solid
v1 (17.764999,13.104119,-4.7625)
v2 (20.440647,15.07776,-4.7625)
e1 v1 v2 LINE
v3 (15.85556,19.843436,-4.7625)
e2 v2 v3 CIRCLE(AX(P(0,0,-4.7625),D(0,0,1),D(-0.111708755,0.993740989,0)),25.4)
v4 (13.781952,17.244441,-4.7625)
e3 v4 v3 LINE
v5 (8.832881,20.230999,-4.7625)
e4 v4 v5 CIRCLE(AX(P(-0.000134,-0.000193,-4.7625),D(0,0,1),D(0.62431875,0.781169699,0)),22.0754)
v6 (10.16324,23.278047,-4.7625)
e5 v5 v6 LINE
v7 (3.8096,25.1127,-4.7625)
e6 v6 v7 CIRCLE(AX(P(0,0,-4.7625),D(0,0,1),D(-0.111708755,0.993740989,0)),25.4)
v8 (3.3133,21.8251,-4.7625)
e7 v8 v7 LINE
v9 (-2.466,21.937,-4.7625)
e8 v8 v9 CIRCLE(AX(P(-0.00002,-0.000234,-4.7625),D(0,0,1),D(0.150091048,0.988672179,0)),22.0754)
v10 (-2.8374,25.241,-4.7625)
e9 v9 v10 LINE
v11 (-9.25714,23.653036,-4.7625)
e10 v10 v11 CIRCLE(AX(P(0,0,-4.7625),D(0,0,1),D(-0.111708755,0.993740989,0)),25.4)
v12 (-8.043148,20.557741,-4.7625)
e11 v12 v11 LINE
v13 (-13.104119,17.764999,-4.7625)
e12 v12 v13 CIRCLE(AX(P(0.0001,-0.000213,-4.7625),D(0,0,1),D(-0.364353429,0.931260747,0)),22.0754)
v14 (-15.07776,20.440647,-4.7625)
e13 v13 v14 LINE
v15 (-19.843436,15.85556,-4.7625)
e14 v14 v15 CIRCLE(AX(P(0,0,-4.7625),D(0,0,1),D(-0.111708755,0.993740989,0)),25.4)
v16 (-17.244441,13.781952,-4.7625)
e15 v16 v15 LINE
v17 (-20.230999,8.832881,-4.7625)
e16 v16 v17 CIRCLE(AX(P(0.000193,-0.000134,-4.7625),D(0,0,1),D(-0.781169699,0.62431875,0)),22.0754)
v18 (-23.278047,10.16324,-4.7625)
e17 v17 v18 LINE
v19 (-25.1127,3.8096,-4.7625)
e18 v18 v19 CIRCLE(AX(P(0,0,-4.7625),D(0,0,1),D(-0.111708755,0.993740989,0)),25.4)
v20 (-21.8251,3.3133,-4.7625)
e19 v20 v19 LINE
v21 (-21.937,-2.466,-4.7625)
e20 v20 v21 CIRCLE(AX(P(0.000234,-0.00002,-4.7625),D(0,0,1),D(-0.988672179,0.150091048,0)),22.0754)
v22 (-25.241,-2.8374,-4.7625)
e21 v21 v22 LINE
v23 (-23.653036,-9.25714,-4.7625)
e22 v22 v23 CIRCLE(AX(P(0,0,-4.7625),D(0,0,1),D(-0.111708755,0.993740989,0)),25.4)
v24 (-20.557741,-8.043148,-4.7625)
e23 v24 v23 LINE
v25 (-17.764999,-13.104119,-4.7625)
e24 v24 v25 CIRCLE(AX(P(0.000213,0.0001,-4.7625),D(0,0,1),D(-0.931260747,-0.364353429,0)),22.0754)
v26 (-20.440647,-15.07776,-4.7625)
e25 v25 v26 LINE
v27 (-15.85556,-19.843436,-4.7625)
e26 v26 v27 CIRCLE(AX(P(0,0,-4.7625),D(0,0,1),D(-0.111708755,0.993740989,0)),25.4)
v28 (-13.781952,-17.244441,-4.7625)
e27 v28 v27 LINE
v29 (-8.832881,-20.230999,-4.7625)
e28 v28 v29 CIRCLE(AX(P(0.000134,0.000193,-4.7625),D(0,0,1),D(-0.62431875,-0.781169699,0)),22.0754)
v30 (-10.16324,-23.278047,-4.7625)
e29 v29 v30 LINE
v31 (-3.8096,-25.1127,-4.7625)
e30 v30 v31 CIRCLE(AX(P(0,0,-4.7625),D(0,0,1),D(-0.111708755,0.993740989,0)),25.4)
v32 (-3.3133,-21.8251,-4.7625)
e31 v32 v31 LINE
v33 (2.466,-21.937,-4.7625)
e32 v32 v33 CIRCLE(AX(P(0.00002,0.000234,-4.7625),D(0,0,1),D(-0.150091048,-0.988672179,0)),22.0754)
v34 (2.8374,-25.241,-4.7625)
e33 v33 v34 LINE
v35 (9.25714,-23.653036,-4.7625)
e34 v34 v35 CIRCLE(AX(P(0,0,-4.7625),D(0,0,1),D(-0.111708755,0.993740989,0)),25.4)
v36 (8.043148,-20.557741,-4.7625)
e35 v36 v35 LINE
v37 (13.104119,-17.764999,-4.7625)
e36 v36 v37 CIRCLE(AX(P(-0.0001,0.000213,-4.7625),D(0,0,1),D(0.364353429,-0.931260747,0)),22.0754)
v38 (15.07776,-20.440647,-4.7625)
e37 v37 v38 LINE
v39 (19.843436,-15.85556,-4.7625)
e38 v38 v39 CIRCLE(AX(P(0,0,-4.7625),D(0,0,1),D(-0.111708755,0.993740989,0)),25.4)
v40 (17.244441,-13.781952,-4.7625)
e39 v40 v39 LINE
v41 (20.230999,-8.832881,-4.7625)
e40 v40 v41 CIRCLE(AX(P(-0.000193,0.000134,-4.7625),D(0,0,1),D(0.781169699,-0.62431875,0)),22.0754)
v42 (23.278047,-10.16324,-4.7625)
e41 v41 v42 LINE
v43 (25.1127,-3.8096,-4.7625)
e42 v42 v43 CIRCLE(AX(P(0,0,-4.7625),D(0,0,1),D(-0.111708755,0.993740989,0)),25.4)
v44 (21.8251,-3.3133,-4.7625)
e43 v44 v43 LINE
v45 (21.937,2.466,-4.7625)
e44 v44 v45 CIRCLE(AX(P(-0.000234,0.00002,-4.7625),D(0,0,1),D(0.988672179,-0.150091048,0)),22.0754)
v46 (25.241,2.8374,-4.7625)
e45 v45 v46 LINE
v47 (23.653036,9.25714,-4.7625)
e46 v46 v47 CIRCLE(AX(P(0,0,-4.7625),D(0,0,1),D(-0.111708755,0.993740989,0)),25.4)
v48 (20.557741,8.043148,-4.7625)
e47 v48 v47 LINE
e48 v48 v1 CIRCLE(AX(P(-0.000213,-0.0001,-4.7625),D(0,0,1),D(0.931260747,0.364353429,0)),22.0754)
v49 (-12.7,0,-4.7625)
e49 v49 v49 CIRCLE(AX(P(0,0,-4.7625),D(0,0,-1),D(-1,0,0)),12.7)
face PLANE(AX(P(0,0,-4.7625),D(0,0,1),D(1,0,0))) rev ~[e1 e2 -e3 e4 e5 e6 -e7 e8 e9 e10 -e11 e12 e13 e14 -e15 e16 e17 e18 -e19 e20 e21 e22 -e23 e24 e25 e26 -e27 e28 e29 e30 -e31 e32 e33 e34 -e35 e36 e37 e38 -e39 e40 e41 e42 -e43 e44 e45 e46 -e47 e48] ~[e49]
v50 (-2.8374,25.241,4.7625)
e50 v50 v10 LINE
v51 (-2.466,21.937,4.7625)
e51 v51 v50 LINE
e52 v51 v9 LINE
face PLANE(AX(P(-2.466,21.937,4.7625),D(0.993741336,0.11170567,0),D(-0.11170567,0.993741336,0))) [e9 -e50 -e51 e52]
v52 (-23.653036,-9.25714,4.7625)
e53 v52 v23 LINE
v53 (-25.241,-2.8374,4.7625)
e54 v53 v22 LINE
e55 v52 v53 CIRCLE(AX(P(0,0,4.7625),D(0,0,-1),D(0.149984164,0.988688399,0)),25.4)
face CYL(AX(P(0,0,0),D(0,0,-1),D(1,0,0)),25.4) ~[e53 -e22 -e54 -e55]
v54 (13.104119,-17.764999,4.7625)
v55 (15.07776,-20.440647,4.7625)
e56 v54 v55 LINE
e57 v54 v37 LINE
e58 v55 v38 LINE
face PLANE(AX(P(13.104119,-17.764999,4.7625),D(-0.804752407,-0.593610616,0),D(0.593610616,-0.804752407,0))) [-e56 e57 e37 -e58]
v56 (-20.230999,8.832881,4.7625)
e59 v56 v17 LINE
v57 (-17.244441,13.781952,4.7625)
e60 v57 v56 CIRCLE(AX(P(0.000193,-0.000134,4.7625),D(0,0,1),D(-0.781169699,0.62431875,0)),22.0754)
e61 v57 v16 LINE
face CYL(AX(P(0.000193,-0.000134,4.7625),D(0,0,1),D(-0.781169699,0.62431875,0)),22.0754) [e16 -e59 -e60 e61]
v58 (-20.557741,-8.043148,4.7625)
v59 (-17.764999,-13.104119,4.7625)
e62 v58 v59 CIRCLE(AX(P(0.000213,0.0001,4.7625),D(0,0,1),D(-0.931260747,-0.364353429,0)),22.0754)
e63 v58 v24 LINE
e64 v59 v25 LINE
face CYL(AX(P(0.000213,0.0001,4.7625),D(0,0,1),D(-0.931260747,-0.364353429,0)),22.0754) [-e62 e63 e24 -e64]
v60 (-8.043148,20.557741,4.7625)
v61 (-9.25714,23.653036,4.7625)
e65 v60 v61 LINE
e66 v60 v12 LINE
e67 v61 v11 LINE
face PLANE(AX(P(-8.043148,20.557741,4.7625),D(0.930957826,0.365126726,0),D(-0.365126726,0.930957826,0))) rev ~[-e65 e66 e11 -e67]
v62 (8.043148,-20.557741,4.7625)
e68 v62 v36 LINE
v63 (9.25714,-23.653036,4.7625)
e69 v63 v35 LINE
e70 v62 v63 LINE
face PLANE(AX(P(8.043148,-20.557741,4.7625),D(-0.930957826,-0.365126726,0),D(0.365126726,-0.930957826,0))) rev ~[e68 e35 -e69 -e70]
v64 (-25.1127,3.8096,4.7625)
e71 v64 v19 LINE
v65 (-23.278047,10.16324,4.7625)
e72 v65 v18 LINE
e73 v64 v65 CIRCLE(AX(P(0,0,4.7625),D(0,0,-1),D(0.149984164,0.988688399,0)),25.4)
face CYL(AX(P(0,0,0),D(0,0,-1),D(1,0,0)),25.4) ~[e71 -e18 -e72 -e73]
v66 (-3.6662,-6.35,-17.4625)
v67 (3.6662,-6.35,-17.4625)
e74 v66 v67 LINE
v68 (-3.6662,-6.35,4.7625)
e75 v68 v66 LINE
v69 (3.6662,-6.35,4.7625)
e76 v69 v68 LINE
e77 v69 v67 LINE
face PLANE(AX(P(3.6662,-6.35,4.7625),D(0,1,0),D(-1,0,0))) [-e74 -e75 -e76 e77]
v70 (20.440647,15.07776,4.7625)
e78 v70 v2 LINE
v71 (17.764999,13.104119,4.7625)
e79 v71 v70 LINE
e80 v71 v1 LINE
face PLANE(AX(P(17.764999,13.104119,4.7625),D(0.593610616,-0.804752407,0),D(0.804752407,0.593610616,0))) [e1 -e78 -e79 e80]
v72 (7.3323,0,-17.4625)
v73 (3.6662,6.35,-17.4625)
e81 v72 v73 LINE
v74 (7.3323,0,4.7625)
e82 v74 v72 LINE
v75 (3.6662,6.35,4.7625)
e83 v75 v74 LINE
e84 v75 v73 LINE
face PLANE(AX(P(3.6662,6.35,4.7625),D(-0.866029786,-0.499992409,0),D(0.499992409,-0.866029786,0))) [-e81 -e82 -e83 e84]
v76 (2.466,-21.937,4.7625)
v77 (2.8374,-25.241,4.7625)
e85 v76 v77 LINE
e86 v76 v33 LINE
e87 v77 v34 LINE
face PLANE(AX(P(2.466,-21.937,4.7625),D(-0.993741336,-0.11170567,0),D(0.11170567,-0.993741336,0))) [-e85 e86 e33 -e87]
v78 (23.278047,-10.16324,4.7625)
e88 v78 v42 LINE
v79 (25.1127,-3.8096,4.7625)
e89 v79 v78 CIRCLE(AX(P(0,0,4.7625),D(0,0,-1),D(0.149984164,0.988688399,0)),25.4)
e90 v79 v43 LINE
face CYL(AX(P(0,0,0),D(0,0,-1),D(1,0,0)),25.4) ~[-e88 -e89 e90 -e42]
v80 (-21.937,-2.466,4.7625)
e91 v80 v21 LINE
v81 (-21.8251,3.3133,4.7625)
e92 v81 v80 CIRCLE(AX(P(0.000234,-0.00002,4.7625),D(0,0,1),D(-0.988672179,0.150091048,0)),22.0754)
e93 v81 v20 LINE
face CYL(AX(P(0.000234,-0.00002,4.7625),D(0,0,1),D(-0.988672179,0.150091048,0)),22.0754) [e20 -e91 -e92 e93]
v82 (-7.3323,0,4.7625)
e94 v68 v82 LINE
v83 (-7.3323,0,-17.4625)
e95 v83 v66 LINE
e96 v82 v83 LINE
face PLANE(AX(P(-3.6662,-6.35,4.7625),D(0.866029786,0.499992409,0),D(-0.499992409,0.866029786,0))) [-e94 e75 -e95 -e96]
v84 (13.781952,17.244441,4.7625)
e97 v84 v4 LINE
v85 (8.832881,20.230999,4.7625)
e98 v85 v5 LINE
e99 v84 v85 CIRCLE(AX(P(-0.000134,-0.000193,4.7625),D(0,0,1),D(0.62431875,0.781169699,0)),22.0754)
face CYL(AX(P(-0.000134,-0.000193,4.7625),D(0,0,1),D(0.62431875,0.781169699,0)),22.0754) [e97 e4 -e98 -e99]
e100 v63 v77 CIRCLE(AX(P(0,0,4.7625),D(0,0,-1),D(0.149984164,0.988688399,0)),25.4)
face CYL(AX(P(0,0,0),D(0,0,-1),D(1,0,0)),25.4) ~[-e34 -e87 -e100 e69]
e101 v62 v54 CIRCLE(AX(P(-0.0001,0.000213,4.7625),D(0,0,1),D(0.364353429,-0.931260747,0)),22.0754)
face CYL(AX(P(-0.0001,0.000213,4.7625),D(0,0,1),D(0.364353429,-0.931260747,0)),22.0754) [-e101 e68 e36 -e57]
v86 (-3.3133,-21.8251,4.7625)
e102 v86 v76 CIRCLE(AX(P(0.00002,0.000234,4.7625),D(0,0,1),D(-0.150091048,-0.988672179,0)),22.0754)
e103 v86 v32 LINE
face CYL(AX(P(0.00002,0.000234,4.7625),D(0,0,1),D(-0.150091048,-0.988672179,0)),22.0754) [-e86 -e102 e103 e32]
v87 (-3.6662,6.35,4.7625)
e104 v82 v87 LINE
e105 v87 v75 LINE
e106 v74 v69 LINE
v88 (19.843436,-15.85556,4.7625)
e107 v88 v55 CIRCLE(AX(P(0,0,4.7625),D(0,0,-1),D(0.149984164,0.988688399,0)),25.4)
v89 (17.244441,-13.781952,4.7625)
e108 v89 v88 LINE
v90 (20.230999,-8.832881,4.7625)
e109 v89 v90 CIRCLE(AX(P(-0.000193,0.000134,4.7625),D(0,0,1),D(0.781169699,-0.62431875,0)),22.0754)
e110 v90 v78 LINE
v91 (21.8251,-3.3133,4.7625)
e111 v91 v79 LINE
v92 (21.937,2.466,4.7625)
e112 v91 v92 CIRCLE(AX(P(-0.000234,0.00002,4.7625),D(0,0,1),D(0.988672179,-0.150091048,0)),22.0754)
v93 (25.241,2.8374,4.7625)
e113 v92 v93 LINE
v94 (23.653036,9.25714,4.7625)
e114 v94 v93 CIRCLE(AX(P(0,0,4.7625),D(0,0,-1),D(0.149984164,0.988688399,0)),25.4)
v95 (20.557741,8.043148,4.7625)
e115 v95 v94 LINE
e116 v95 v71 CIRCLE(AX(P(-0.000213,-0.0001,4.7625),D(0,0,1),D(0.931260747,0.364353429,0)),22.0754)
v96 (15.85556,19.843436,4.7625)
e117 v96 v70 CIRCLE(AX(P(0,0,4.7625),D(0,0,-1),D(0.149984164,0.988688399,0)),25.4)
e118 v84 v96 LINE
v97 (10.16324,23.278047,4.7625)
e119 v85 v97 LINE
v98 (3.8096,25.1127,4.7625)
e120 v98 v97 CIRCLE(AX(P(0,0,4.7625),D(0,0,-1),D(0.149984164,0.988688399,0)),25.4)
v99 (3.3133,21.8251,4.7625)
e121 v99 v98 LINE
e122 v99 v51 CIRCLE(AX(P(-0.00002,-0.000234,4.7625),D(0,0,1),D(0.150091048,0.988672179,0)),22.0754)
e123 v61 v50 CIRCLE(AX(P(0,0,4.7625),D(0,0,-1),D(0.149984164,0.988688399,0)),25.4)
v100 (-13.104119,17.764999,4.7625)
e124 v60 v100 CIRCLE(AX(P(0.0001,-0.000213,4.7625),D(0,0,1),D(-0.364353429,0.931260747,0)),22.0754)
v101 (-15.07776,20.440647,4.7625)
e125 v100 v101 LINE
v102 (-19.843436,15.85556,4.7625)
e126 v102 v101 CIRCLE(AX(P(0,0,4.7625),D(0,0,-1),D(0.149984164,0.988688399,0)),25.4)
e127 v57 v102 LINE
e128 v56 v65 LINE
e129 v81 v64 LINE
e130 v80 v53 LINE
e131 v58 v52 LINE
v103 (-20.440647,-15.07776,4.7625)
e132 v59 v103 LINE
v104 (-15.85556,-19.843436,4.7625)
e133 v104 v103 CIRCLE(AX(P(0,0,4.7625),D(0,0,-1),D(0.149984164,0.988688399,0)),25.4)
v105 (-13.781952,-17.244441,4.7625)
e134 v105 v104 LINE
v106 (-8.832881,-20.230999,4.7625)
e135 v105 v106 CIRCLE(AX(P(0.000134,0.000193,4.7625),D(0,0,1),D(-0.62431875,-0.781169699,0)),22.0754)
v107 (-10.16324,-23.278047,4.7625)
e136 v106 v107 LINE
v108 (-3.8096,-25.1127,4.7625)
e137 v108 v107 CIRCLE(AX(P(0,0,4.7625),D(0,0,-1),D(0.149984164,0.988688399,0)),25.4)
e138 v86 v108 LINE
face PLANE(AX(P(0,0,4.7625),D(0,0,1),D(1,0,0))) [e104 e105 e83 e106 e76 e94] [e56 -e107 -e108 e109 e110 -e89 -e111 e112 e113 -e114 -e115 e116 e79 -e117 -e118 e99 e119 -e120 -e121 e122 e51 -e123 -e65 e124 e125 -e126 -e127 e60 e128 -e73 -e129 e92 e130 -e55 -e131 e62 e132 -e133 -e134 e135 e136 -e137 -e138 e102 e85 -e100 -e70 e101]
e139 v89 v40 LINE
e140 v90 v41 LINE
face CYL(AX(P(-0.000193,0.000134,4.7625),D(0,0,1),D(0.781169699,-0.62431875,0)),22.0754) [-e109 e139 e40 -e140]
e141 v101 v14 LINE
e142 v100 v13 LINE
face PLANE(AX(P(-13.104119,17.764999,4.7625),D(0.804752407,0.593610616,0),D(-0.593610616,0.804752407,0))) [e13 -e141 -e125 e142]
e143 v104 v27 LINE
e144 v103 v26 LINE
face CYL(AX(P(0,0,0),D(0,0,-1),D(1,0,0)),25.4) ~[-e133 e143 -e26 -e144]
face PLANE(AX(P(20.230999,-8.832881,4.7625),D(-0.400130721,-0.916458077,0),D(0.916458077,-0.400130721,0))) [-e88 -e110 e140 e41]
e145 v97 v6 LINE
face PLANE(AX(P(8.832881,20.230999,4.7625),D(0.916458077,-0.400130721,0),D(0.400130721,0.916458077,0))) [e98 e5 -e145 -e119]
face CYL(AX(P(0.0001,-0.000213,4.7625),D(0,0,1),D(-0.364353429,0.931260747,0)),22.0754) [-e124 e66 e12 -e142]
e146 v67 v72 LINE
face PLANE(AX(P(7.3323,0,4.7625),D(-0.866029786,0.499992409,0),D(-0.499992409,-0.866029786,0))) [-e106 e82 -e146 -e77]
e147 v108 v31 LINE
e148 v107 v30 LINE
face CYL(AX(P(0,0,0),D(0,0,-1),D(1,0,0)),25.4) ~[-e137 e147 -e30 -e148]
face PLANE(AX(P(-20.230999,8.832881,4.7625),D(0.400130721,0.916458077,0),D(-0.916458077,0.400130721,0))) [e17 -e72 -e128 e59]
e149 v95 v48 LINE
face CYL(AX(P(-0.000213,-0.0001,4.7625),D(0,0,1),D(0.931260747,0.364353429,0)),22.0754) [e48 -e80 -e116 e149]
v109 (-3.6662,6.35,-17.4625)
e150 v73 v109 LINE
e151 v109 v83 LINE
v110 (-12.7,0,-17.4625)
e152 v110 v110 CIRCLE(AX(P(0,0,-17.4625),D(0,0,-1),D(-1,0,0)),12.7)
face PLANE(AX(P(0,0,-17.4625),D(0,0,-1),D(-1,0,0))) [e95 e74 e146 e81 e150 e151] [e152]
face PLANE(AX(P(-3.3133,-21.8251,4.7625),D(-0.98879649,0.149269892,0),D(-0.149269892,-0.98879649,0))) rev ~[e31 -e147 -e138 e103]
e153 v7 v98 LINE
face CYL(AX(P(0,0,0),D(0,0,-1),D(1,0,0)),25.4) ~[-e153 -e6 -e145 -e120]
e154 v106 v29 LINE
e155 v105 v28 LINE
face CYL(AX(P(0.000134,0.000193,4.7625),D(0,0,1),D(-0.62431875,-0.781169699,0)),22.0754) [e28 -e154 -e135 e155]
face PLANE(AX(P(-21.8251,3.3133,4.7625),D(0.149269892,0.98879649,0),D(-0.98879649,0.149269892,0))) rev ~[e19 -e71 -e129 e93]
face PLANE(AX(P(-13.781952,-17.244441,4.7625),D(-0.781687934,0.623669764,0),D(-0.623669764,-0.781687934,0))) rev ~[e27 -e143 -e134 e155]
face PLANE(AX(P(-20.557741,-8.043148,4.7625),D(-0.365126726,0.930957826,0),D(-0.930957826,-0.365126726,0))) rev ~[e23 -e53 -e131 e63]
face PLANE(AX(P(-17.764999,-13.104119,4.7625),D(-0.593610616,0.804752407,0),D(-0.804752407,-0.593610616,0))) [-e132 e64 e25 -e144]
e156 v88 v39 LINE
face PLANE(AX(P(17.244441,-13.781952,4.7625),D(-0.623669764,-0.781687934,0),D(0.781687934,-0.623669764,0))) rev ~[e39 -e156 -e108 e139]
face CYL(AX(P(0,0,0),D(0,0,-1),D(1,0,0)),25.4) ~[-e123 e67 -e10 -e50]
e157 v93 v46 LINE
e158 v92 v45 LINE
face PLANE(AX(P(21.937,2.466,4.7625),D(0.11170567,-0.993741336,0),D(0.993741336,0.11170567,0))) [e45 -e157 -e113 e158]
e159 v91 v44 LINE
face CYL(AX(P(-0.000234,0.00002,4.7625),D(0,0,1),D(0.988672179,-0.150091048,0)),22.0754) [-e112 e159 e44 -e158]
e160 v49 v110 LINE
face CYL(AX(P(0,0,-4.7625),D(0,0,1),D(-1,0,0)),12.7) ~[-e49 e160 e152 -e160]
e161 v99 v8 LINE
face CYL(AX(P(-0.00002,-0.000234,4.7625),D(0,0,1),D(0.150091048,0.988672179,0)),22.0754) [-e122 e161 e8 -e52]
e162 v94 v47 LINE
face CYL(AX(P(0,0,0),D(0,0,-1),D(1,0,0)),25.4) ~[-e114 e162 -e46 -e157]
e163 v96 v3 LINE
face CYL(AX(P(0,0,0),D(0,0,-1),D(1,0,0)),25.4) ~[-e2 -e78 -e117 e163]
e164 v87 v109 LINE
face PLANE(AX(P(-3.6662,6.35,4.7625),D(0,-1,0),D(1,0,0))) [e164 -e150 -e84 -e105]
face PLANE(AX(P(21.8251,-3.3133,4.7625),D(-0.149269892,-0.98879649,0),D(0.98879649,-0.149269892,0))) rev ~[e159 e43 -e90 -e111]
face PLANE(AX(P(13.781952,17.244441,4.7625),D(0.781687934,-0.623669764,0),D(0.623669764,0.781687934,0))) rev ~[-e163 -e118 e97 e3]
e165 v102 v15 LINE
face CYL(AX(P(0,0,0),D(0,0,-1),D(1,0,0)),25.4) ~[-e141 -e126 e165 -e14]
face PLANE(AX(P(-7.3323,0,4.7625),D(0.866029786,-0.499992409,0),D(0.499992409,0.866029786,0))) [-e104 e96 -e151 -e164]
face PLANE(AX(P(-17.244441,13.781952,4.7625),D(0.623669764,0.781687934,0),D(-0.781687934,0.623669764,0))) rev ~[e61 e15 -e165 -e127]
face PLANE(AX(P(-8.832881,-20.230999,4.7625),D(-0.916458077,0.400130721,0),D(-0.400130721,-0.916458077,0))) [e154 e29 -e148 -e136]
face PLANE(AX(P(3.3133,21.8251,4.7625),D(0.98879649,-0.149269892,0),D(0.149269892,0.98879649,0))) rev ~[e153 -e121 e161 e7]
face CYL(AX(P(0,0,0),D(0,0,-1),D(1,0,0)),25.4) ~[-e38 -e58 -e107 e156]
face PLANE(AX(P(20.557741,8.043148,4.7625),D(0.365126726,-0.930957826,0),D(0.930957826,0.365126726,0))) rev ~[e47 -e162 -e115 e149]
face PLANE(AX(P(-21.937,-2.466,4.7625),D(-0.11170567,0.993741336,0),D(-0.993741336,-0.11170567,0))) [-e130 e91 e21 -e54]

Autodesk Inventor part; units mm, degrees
ref_plane "YZ Plane" through (0, 0, 0) normal (1, 0, 0) x (0, 1, 0)
ref_plane "XZ Plane" through (0, 0, 0) normal (0, 1, 0) x (-1, 0, 0)
ref_plane "XY Plane" through (0, 0, 0) normal (0, 0, 1) x (1, 0, 0)
sketch "Sketch1" plane through (0, 0, 0) normal (0, 0, 1) x (1, 0, 0)
  circle A0 centre (0, 0) radius 25.4
  dimension "d0" = 50.8
extrude "Extrusion1" add sketch "Sketch1" along normal mid plane 9.525
sketch "Sketch3" plane through (0, 0, 4.7625) normal (0, 0, 1) x (1, 0, 0)
  circle A0 centre (0, 0) radius 25.4 projected
  line L0 (-2.8374, 21.892) -> (-2.8374, 21.8722)
  arc A1 (3.8096, 25.1127) -> (-2.8374, 25.241) centre (0, 0) ccw
  arc A2 (3.3133, 21.8251) -> (-2.466, 21.937) centre (0, 0) ccw
  line L1 (3.3133, 21.8251) -> (3.8096, 25.1127)
  line L2 (-2.466, 21.937) -> (-2.8374, 25.241)
  dimension "d17" = 3.3249
  dimension "d24" = 15
extrude "Extrusion4" cut sketch "Sketch3" against normal blind 9.525 contours L1 A2 L2 A0 picked at (-1.9747, 24.1901)
pattern_circular "Circular Pattern2" count 12 over 360 about axis through (0, 0, -10) along (0, 0, 1) of "Extrusion4"
sketch "Sketch4" plane through (0, 0, -4.7625) normal (0, 0, -1) x (-1, 0, 0)
  circle A0 centre (0, 0) radius 12.7
  dimension "d27" = 25.4
extrude "Extrusion5" add sketch "Sketch4" along normal blind 12.7
sketch "Sketch2" plane through (0, 0, 4.7625) normal (0, 0, 1) x (1, 0, 0)
  line L0 (7.3323, 0) -> (3.6662, -6.35)
  line L1 (3.6662, -6.35) -> (-3.6662, -6.35)
  line L2 (-3.6662, -6.35) -> (-7.3323, 0)
  line L3 (-7.3323, 0) -> (-3.6662, 6.35)
  line L4 (-3.6662, 6.35) -> (3.6662, 6.35)
  line L5 (3.6662, 6.35) -> (7.3323, 0)
  point P0 (0, 0)
  point P1 (0, 0)
  dimension "d23" = 12.7
extrude "Extrusion2" cut sketch "Sketch2" against normal through all
equation "\"d0\" = externalDiameter"
equation "\"d1\" = thickness"
equation "\"d17\" = heightOfSpline"
equation "\"d18\" = thickness"
equation "\"d23\" = shaftHexSize"
equation "\"externalDiameter\" = 50.8"
equation "\"thickness\" = 9.525"
equation "\"shaftHexSize\" = 12.7"
equation "\"pi\" = 3.141593"
equation "\"heightOfSpline\" = 3.324852"
properties part number "centerPartOfLock" material "PC/ABS Plastic"
